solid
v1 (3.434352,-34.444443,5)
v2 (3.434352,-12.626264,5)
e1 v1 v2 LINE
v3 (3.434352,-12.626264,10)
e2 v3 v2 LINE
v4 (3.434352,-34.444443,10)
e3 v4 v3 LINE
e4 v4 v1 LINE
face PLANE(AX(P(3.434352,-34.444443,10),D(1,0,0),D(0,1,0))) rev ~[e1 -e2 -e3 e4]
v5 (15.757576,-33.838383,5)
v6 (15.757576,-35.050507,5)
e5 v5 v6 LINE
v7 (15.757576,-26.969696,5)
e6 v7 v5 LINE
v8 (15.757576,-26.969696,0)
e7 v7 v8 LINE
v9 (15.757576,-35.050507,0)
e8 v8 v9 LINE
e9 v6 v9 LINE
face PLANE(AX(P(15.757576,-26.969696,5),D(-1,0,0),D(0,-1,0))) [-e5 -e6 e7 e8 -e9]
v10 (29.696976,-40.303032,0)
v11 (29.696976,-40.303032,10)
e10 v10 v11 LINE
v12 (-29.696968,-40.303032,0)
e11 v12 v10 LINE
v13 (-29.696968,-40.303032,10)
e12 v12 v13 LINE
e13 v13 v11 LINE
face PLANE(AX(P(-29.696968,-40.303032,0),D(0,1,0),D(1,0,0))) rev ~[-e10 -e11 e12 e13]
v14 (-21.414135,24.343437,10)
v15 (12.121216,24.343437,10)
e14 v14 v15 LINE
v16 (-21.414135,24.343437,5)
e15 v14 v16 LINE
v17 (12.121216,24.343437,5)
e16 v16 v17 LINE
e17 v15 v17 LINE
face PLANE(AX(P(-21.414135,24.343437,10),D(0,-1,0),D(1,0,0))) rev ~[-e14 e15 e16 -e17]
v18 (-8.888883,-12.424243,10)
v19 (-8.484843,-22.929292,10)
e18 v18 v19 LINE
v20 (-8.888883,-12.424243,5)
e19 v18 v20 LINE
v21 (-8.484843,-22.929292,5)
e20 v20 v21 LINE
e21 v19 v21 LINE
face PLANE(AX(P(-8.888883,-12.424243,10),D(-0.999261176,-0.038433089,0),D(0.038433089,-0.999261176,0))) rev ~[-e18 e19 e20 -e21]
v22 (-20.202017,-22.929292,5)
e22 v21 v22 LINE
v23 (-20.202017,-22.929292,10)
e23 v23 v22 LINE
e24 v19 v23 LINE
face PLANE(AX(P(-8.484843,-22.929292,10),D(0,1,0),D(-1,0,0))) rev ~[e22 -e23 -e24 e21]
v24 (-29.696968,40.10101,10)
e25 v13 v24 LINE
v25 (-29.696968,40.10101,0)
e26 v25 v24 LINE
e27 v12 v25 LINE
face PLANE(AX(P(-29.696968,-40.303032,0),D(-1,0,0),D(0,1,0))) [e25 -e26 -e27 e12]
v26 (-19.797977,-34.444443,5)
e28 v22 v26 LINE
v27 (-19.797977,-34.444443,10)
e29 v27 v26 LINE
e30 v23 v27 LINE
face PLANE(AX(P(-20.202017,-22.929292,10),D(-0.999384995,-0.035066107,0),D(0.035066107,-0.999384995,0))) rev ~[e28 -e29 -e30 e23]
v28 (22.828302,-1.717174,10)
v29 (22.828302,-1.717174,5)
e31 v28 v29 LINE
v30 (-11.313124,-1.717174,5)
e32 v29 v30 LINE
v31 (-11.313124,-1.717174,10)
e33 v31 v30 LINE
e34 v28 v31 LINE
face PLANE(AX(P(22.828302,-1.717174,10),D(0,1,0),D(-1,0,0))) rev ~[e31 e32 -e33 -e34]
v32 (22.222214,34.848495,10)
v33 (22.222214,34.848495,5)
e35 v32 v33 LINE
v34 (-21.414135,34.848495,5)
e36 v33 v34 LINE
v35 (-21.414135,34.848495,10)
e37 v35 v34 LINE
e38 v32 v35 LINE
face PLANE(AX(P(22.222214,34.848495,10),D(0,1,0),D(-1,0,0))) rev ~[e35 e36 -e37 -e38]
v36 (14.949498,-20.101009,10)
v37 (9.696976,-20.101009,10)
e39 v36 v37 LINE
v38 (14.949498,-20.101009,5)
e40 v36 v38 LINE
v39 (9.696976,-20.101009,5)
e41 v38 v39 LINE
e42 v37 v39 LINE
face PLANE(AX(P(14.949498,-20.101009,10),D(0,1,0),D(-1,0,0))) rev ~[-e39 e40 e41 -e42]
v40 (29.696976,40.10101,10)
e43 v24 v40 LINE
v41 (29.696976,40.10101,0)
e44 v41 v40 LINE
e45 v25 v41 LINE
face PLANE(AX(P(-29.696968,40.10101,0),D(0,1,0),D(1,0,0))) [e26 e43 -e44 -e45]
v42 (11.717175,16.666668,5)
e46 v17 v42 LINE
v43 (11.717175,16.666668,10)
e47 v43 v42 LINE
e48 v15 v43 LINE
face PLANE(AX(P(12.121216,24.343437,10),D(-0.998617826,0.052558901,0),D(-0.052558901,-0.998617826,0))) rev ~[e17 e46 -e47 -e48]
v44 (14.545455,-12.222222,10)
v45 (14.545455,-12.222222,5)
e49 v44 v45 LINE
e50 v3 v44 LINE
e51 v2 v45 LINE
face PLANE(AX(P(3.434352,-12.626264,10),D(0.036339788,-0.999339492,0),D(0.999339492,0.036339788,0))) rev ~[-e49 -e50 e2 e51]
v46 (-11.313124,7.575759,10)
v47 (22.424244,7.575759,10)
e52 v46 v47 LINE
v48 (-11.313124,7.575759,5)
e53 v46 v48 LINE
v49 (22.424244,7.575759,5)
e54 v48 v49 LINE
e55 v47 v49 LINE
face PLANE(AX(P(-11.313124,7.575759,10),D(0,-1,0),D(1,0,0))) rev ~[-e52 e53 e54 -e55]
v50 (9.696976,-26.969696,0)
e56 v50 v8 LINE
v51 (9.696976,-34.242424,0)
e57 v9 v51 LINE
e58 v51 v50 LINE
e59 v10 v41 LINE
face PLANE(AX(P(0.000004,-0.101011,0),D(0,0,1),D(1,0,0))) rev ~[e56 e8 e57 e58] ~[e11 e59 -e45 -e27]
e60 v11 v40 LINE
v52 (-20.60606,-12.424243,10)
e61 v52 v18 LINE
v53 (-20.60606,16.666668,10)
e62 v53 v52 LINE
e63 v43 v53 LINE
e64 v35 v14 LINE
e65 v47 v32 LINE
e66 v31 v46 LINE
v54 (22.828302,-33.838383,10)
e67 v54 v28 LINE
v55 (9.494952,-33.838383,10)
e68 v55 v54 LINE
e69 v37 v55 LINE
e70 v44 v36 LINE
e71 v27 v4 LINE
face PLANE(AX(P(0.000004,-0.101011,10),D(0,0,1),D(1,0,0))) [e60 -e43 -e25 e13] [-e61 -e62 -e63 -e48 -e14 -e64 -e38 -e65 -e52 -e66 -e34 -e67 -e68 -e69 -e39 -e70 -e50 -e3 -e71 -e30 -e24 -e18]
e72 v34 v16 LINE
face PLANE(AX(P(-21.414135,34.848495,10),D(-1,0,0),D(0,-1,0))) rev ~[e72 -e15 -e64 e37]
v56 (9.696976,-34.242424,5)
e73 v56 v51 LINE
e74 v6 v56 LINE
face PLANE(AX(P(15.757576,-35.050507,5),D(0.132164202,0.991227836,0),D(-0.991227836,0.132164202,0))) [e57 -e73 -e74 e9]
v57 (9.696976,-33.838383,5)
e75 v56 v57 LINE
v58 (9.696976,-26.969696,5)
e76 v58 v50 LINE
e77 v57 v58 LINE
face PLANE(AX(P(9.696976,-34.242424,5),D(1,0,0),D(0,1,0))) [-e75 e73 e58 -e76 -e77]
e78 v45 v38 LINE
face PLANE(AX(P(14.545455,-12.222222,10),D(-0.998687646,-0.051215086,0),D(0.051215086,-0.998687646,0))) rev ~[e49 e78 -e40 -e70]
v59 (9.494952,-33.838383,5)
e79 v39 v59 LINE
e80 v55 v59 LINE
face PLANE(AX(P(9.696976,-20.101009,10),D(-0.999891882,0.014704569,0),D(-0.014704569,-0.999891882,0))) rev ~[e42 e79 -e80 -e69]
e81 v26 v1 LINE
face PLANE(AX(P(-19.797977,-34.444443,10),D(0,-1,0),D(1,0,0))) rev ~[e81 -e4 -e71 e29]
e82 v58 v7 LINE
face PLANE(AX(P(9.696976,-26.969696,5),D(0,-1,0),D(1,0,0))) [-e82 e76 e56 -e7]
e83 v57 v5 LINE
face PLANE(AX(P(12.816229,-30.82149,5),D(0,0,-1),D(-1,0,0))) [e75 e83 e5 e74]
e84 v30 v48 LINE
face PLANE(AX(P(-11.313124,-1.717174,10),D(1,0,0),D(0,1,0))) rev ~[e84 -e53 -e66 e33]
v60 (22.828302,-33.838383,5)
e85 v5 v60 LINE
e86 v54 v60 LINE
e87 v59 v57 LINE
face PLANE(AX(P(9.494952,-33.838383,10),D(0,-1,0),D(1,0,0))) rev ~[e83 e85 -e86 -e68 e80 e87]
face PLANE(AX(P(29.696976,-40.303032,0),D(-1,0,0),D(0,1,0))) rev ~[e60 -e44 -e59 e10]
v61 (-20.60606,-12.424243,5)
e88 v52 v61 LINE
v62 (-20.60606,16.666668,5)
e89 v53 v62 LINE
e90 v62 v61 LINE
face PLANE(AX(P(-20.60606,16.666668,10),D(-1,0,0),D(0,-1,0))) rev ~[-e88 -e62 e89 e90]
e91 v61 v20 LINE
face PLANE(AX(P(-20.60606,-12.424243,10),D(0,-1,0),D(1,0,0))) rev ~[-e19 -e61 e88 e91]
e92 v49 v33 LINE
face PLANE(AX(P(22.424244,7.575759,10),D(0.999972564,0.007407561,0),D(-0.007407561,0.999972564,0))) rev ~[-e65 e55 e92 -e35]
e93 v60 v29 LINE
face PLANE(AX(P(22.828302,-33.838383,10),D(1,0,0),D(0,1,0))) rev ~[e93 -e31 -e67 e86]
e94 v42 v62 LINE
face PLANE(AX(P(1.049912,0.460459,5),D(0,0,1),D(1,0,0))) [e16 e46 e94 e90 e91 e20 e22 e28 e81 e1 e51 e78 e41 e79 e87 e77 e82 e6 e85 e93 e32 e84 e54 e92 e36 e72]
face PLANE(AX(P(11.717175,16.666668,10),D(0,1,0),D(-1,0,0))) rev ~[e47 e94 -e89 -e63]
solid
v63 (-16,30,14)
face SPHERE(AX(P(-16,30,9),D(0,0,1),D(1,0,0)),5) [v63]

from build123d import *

# Parameters (mm, degrees)
SKETCH_W        = 59.393944
SKETCH_H        = 80.404041
PAD_DEPTH       = 10
POCKET_DEPTH    = 5
POCKET001_DEPTH = 5.001


with BuildPart() as body:
    # Sketch → Pad (new body)
    with BuildSketch(Plane.XY):
        with Locations((4e-06, -0.101011)):
            Rectangle(SKETCH_W, SKETCH_H)
    extrude(amount=PAD_DEPTH)

    # Sketch001 (on Face6 of Pad) → Pocket (cut)
    with BuildSketch(Plane.XY.offset(10)):
        Polygon((22.222214, 34.848495), (-21.414135, 34.848495), (-21.414135, 24.343437), (12.121216, 24.343437), (11.717175, 16.666668), (-20.60606, 16.666668), (-20.60606, -12.424243), (-8.888883, -12.424243), (-8.484843, -22.929292), (-20.202017, -22.929292), (-19.797977, -34.444443), (3.434352, -34.444443), (3.434352, -12.626264), (14.545455, -12.222222), (14.949498, -20.101009), (9.696976, -20.101009), (9.494952, -33.838383), (22.828302, -33.838383), (22.828302, -1.717174), (-11.313124, -1.717174), (-11.313124, 7.575759), (22.424244, 7.575759), align=None)
    extrude(amount=-POCKET_DEPTH, mode=Mode.SUBTRACT)

    # Sketch002 (on Face29 of Pocket) → Pocket001 (cut, through all)
    with BuildSketch(Plane.XY.offset(5)):
        Polygon((9.696976, -26.969696), (15.757576, -26.969696), (15.757576, -35.050507), (9.696976, -34.242424), align=None)
    extrude(amount=-POCKET001_DEPTH, mode=Mode.SUBTRACT)


with BuildPart() as sphere:
    # Sphere → Sphere (revolve)
    with BuildSketch(Plane(origin=(-16, 30, 9), x_dir=(1, 0, 0), z_dir=(0, -1, 0))):
        with BuildLine():
            ThreePointArc((0, -5), (5, 0), (0, 5))
            Line((0, 5), (0, -5))
        make_face()
    revolve(axis=Axis((-16, 30, 9), (0, 0, 1)))


solid = Compound([body.part, sphere.part])
